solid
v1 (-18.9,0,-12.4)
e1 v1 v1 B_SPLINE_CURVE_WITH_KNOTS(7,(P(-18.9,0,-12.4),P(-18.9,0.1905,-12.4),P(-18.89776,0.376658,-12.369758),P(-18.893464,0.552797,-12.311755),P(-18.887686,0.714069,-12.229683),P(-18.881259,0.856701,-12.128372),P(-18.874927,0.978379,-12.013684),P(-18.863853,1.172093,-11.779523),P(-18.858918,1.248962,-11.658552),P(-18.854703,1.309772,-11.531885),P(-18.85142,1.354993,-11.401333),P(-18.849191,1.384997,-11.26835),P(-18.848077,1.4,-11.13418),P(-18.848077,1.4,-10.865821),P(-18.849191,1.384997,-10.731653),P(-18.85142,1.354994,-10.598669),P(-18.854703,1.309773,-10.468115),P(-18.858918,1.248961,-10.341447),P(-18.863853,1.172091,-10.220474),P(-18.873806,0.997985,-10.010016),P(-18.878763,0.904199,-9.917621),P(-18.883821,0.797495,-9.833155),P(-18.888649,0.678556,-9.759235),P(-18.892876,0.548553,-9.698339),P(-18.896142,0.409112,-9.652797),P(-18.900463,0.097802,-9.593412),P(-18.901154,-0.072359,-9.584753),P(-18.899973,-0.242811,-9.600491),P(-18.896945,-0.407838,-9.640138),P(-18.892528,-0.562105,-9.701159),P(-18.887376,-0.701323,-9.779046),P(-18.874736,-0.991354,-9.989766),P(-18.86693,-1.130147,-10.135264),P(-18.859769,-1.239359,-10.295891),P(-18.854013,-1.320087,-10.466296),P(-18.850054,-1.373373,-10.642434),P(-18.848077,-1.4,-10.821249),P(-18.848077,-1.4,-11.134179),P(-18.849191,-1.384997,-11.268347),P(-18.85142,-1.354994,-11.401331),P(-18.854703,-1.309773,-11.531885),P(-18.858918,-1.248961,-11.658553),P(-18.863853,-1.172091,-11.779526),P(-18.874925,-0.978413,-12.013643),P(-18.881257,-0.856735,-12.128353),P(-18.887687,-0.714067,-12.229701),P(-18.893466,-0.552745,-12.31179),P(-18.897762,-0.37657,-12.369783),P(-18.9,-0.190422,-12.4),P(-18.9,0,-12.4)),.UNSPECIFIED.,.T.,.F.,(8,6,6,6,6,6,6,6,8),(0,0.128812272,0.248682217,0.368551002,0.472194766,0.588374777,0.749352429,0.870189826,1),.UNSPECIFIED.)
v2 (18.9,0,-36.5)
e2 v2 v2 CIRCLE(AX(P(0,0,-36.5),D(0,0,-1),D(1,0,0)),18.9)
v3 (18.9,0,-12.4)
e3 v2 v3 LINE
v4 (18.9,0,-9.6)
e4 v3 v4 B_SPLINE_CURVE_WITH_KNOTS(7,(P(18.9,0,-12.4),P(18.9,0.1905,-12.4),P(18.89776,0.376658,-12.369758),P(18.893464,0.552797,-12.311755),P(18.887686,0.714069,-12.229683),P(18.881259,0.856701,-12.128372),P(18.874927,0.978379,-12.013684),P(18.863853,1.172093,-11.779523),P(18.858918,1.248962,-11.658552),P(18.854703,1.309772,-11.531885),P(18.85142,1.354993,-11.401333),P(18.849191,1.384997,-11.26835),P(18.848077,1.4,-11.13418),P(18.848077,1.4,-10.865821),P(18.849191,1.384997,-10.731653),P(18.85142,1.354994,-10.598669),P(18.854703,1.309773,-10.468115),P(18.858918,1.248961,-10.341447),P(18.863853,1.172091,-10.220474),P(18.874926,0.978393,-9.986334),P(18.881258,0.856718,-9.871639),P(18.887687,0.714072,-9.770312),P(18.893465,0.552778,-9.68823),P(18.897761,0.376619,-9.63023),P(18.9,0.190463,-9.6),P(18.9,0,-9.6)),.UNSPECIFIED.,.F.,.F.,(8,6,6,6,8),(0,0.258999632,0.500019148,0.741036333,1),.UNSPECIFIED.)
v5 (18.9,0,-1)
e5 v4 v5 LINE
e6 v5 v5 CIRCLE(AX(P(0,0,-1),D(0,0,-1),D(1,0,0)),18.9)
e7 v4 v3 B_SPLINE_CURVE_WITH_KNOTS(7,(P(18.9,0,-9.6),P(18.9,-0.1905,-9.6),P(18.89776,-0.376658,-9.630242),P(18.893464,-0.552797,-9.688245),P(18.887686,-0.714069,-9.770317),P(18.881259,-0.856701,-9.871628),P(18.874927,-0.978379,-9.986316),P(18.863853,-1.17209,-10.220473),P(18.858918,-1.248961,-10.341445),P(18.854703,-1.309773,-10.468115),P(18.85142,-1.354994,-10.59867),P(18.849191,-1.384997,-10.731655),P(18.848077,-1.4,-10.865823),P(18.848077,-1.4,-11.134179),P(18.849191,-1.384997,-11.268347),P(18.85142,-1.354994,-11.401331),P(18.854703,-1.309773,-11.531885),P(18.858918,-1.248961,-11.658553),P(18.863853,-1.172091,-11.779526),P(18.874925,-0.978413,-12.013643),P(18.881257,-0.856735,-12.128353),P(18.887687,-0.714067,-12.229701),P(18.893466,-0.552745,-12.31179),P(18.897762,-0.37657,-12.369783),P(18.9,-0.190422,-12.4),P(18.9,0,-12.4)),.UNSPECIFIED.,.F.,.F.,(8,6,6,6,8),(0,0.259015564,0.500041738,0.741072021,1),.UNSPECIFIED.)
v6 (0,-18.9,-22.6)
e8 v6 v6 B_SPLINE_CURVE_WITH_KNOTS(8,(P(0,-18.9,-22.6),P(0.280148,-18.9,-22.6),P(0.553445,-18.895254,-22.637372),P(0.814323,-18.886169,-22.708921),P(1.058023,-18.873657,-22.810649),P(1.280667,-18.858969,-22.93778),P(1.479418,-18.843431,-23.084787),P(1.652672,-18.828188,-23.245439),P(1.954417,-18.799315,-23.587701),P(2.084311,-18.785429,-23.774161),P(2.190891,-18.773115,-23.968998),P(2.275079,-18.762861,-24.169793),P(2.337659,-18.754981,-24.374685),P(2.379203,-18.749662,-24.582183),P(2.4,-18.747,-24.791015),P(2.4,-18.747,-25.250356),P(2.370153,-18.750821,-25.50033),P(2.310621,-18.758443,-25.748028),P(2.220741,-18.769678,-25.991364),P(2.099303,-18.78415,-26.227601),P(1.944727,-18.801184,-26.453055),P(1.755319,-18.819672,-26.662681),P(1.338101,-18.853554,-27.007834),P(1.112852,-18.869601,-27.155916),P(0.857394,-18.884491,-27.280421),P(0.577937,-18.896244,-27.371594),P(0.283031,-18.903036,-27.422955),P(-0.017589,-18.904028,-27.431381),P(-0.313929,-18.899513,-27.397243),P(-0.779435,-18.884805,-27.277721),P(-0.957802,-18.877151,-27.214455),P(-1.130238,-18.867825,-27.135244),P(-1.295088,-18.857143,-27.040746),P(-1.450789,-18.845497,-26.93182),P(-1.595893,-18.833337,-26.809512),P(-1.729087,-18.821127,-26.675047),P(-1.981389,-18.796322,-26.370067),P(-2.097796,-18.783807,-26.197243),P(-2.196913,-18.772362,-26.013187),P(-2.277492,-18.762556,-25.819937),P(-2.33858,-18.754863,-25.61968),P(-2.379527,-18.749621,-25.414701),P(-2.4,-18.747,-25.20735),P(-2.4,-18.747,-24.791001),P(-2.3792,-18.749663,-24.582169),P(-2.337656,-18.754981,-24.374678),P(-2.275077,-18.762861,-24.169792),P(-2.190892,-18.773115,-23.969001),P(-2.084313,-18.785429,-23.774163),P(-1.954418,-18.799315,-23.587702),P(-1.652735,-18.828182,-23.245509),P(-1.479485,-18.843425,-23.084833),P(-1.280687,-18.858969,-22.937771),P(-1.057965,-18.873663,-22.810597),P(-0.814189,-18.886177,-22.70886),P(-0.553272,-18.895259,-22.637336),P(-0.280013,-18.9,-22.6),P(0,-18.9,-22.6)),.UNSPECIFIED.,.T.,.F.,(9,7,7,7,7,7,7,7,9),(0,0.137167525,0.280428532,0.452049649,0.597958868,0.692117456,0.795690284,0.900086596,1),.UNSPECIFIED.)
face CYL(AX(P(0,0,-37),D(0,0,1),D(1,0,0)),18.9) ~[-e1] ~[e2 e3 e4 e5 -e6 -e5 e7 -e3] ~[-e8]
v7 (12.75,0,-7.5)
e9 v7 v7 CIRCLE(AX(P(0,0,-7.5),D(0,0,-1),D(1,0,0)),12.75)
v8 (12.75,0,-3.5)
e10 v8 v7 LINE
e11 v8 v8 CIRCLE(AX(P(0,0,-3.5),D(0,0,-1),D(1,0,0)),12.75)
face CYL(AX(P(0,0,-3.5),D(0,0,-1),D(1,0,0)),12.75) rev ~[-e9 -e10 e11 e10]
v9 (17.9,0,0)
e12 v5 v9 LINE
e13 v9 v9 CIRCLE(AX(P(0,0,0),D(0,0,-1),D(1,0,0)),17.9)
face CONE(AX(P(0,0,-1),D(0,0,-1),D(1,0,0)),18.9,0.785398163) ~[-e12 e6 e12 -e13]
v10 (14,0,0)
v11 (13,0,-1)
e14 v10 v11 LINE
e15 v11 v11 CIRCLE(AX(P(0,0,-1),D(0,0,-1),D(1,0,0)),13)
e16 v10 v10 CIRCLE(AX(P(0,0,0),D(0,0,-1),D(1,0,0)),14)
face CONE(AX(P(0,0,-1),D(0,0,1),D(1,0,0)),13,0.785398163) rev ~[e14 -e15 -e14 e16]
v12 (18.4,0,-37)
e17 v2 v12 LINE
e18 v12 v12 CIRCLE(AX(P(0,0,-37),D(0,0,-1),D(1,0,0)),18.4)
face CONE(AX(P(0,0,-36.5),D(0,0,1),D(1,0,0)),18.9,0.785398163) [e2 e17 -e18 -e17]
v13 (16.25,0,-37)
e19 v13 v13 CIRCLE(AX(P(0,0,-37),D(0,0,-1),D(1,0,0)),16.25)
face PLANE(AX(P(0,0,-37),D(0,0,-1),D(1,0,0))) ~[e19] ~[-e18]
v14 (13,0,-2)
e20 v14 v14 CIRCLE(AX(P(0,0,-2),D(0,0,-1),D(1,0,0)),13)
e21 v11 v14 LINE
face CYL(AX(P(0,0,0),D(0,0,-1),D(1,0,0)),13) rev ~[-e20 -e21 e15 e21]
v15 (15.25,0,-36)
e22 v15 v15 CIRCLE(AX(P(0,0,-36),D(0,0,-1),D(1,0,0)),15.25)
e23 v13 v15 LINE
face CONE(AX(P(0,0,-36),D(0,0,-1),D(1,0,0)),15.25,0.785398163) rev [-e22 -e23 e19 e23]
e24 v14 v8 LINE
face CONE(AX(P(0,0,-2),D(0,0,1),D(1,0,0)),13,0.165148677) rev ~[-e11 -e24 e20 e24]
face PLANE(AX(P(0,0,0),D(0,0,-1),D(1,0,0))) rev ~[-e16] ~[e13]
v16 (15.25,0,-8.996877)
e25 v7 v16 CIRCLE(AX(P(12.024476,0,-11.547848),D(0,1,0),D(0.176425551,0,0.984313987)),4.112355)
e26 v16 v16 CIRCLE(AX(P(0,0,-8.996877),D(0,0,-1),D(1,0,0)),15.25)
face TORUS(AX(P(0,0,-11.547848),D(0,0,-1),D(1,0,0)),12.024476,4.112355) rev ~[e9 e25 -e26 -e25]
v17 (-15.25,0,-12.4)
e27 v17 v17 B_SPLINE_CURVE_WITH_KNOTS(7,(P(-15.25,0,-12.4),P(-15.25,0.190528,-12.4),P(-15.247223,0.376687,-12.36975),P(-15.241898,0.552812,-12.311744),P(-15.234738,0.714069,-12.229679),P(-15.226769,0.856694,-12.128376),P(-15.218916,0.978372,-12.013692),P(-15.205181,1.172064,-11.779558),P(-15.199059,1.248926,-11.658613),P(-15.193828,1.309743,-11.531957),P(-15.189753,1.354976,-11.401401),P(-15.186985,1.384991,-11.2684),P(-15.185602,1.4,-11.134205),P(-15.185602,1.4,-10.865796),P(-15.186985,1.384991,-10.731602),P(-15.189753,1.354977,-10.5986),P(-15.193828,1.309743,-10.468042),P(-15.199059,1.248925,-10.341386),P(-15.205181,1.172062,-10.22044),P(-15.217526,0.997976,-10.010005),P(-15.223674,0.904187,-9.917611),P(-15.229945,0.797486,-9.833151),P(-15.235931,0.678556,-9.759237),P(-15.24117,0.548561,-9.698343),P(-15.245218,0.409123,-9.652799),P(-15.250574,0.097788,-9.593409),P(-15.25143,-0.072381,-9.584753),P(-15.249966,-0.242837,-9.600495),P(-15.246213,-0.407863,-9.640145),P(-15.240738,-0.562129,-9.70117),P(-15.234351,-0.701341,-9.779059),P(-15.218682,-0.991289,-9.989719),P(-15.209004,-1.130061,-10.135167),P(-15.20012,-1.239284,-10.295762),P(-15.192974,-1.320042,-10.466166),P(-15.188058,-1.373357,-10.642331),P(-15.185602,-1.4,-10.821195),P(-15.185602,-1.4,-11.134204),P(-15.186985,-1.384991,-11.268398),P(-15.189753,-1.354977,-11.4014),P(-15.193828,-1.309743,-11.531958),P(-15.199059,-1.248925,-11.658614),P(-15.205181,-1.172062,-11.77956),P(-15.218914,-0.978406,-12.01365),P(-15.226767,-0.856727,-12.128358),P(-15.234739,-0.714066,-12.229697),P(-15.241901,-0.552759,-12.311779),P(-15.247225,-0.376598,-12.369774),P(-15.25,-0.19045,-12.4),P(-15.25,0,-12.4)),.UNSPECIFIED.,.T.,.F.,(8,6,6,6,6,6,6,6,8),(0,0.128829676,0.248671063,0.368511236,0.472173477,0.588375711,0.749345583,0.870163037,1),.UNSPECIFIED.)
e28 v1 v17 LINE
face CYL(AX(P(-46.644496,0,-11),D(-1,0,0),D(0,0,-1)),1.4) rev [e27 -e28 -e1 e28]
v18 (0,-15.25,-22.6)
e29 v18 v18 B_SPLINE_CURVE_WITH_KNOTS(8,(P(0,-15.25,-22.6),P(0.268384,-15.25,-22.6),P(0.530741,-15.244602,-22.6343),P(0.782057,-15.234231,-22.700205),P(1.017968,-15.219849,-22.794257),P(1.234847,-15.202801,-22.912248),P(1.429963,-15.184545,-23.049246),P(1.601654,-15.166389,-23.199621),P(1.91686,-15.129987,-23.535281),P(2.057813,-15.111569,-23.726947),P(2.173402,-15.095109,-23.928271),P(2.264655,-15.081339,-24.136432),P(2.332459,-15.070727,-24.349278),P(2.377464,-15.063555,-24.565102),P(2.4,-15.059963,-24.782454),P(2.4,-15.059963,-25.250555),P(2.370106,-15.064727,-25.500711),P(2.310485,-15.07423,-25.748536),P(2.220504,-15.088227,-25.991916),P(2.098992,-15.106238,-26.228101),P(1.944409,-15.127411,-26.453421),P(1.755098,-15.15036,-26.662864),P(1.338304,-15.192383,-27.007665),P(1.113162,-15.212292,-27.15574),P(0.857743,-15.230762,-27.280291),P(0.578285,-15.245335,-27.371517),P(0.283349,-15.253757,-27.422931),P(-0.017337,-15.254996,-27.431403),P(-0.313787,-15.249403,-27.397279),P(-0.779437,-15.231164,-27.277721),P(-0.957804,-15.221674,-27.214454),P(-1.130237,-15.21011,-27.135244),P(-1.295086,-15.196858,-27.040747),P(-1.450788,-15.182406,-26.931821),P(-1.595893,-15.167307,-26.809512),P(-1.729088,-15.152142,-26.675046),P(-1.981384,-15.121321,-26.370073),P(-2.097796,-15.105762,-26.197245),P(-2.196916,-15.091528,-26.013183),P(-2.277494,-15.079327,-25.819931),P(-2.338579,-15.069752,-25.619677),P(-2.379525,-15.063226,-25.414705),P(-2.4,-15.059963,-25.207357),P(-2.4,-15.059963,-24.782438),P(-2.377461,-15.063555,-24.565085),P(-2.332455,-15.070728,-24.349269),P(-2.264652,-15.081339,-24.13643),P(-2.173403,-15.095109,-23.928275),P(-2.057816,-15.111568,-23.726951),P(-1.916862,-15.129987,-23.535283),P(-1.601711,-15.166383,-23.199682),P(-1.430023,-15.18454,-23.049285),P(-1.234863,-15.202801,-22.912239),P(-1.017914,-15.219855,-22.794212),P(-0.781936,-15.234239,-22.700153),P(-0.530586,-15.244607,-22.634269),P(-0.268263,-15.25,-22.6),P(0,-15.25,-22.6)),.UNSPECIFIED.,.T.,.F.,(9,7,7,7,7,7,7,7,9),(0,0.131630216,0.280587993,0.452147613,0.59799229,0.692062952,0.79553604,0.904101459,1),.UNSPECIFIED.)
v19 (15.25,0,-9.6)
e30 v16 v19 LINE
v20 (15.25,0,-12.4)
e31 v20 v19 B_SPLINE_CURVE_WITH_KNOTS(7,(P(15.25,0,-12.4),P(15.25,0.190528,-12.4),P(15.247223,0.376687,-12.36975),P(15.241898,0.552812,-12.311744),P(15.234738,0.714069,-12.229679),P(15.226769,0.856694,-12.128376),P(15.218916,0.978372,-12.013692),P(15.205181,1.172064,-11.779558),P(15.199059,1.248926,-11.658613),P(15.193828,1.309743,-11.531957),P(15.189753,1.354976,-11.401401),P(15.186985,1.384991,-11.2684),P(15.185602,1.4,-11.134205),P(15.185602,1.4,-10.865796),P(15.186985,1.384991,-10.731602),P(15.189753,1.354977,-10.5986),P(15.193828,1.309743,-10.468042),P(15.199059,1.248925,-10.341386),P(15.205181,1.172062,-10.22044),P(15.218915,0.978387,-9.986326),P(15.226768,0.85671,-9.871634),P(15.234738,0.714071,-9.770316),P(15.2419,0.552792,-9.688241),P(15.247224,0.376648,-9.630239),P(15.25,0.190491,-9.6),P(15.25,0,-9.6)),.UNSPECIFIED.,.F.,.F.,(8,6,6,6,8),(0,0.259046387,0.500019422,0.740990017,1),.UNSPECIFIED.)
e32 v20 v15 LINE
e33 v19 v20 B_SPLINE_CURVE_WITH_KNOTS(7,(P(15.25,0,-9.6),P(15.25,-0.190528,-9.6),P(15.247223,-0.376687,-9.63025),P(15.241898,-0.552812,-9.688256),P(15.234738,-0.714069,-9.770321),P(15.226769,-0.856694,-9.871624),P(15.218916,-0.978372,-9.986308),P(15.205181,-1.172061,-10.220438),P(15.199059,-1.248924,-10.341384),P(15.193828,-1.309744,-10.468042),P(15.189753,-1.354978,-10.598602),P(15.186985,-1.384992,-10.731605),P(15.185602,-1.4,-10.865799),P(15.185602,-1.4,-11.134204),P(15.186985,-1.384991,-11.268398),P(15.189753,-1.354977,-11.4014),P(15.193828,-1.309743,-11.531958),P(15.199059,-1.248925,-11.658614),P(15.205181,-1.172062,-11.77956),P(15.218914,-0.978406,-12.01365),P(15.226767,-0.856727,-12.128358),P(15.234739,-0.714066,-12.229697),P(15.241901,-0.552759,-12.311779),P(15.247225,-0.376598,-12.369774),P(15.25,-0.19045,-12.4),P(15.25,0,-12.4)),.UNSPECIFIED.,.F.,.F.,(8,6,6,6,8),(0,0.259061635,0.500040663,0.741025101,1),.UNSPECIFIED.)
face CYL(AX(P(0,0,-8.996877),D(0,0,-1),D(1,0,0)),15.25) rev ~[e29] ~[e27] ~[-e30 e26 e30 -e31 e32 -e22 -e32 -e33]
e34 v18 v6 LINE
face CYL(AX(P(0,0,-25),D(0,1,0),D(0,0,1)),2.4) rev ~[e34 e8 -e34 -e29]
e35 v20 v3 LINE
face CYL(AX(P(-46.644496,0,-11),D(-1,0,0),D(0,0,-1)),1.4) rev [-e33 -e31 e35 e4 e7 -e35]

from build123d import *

# Parameters (mm, degrees)
SKETCH_2_R               = 2.4
CUT_EXTRUDE_1_DEPTH      = 46.644495835
CHAMFER_1_SIZE           = 0.5
CHAMFER_2_SIZE           = 1
CUT_EXTRUDE_2_DEPTH      = 46.644495918
CUT_EXTRUDE_2_DEPTH_BACK = 46.644495918
SKETCH_3_R               = 1.4


with BuildPart() as part:
    # 스케치1 → 회전1 (revolve)
    with BuildSketch(Plane(origin=(0, 0, 0), x_dir=(0, 0, -1), z_dir=(1, 0, 0)), mode=Mode.PRIVATE) as revolve_1_sk:
        with BuildLine():
            Line((0, 13), (2, 13))
            Line((2, 13), (3.5, 12.75))
            Line((3.5, 12.75), (7.5, 12.75))
            ThreePointArc((7.5, 12.75), (8.019590324, 14.137023112), (8.996877215, 15.25))
            Line((8.996877215, 15.25), (37, 15.25))
            Line((37, 15.25), (37, 18.9))
            Line((37, 18.9), (0, 18.9))
            Line((0, 18.9), (0, 13))
        make_face()
    revolve(revolve_1_sk.sketch.rotate(Axis((0, 0, 0), (0, 0, -1)), 90), axis=Axis((0, 0, 0), (0, 0, -1)))

    # 스케치2 → 컷-돌출1 (cut, through all)
    with BuildSketch(Plane(origin=(0, 0, 0), x_dir=(1, 0, 0), z_dir=(0, 1, 0))):
        with Locations(Location((0, 25, 0), (0, 0, 270))):
            Circle(SKETCH_2_R)
    extrude(amount=-CUT_EXTRUDE_1_DEPTH, mode=Mode.SUBTRACT)

    # 모따기1
    chamfer_1_edges = [part.edges().sort_by_distance(p)[0] for p in [
        (-18.9, 0, -37),
    ]]
    chamfer(chamfer_1_edges, length=CHAMFER_1_SIZE)

    # 모따기2
    chamfer_2_edges = [part.edges().sort_by_distance(p)[0] for p in [
        (-18.9, 0, 0),
        (-15.25, 0, -37),
        (-13, 0, 0),
    ]]
    chamfer(chamfer_2_edges, length=CHAMFER_2_SIZE)

    # 스케치3 → 컷-돌출2 (cut, two sides: drawn at the far end of the back side and taken through both)
    with BuildSketch(Plane(origin=(0, 0, 0), x_dir=(0, 0, -1), z_dir=(1, 0, 0)).offset(-CUT_EXTRUDE_2_DEPTH_BACK)):
        with Locations((11, 0)):
            Circle(SKETCH_3_R)
    extrude(amount=CUT_EXTRUDE_2_DEPTH + CUT_EXTRUDE_2_DEPTH_BACK, mode=Mode.SUBTRACT)


solid = part.part
